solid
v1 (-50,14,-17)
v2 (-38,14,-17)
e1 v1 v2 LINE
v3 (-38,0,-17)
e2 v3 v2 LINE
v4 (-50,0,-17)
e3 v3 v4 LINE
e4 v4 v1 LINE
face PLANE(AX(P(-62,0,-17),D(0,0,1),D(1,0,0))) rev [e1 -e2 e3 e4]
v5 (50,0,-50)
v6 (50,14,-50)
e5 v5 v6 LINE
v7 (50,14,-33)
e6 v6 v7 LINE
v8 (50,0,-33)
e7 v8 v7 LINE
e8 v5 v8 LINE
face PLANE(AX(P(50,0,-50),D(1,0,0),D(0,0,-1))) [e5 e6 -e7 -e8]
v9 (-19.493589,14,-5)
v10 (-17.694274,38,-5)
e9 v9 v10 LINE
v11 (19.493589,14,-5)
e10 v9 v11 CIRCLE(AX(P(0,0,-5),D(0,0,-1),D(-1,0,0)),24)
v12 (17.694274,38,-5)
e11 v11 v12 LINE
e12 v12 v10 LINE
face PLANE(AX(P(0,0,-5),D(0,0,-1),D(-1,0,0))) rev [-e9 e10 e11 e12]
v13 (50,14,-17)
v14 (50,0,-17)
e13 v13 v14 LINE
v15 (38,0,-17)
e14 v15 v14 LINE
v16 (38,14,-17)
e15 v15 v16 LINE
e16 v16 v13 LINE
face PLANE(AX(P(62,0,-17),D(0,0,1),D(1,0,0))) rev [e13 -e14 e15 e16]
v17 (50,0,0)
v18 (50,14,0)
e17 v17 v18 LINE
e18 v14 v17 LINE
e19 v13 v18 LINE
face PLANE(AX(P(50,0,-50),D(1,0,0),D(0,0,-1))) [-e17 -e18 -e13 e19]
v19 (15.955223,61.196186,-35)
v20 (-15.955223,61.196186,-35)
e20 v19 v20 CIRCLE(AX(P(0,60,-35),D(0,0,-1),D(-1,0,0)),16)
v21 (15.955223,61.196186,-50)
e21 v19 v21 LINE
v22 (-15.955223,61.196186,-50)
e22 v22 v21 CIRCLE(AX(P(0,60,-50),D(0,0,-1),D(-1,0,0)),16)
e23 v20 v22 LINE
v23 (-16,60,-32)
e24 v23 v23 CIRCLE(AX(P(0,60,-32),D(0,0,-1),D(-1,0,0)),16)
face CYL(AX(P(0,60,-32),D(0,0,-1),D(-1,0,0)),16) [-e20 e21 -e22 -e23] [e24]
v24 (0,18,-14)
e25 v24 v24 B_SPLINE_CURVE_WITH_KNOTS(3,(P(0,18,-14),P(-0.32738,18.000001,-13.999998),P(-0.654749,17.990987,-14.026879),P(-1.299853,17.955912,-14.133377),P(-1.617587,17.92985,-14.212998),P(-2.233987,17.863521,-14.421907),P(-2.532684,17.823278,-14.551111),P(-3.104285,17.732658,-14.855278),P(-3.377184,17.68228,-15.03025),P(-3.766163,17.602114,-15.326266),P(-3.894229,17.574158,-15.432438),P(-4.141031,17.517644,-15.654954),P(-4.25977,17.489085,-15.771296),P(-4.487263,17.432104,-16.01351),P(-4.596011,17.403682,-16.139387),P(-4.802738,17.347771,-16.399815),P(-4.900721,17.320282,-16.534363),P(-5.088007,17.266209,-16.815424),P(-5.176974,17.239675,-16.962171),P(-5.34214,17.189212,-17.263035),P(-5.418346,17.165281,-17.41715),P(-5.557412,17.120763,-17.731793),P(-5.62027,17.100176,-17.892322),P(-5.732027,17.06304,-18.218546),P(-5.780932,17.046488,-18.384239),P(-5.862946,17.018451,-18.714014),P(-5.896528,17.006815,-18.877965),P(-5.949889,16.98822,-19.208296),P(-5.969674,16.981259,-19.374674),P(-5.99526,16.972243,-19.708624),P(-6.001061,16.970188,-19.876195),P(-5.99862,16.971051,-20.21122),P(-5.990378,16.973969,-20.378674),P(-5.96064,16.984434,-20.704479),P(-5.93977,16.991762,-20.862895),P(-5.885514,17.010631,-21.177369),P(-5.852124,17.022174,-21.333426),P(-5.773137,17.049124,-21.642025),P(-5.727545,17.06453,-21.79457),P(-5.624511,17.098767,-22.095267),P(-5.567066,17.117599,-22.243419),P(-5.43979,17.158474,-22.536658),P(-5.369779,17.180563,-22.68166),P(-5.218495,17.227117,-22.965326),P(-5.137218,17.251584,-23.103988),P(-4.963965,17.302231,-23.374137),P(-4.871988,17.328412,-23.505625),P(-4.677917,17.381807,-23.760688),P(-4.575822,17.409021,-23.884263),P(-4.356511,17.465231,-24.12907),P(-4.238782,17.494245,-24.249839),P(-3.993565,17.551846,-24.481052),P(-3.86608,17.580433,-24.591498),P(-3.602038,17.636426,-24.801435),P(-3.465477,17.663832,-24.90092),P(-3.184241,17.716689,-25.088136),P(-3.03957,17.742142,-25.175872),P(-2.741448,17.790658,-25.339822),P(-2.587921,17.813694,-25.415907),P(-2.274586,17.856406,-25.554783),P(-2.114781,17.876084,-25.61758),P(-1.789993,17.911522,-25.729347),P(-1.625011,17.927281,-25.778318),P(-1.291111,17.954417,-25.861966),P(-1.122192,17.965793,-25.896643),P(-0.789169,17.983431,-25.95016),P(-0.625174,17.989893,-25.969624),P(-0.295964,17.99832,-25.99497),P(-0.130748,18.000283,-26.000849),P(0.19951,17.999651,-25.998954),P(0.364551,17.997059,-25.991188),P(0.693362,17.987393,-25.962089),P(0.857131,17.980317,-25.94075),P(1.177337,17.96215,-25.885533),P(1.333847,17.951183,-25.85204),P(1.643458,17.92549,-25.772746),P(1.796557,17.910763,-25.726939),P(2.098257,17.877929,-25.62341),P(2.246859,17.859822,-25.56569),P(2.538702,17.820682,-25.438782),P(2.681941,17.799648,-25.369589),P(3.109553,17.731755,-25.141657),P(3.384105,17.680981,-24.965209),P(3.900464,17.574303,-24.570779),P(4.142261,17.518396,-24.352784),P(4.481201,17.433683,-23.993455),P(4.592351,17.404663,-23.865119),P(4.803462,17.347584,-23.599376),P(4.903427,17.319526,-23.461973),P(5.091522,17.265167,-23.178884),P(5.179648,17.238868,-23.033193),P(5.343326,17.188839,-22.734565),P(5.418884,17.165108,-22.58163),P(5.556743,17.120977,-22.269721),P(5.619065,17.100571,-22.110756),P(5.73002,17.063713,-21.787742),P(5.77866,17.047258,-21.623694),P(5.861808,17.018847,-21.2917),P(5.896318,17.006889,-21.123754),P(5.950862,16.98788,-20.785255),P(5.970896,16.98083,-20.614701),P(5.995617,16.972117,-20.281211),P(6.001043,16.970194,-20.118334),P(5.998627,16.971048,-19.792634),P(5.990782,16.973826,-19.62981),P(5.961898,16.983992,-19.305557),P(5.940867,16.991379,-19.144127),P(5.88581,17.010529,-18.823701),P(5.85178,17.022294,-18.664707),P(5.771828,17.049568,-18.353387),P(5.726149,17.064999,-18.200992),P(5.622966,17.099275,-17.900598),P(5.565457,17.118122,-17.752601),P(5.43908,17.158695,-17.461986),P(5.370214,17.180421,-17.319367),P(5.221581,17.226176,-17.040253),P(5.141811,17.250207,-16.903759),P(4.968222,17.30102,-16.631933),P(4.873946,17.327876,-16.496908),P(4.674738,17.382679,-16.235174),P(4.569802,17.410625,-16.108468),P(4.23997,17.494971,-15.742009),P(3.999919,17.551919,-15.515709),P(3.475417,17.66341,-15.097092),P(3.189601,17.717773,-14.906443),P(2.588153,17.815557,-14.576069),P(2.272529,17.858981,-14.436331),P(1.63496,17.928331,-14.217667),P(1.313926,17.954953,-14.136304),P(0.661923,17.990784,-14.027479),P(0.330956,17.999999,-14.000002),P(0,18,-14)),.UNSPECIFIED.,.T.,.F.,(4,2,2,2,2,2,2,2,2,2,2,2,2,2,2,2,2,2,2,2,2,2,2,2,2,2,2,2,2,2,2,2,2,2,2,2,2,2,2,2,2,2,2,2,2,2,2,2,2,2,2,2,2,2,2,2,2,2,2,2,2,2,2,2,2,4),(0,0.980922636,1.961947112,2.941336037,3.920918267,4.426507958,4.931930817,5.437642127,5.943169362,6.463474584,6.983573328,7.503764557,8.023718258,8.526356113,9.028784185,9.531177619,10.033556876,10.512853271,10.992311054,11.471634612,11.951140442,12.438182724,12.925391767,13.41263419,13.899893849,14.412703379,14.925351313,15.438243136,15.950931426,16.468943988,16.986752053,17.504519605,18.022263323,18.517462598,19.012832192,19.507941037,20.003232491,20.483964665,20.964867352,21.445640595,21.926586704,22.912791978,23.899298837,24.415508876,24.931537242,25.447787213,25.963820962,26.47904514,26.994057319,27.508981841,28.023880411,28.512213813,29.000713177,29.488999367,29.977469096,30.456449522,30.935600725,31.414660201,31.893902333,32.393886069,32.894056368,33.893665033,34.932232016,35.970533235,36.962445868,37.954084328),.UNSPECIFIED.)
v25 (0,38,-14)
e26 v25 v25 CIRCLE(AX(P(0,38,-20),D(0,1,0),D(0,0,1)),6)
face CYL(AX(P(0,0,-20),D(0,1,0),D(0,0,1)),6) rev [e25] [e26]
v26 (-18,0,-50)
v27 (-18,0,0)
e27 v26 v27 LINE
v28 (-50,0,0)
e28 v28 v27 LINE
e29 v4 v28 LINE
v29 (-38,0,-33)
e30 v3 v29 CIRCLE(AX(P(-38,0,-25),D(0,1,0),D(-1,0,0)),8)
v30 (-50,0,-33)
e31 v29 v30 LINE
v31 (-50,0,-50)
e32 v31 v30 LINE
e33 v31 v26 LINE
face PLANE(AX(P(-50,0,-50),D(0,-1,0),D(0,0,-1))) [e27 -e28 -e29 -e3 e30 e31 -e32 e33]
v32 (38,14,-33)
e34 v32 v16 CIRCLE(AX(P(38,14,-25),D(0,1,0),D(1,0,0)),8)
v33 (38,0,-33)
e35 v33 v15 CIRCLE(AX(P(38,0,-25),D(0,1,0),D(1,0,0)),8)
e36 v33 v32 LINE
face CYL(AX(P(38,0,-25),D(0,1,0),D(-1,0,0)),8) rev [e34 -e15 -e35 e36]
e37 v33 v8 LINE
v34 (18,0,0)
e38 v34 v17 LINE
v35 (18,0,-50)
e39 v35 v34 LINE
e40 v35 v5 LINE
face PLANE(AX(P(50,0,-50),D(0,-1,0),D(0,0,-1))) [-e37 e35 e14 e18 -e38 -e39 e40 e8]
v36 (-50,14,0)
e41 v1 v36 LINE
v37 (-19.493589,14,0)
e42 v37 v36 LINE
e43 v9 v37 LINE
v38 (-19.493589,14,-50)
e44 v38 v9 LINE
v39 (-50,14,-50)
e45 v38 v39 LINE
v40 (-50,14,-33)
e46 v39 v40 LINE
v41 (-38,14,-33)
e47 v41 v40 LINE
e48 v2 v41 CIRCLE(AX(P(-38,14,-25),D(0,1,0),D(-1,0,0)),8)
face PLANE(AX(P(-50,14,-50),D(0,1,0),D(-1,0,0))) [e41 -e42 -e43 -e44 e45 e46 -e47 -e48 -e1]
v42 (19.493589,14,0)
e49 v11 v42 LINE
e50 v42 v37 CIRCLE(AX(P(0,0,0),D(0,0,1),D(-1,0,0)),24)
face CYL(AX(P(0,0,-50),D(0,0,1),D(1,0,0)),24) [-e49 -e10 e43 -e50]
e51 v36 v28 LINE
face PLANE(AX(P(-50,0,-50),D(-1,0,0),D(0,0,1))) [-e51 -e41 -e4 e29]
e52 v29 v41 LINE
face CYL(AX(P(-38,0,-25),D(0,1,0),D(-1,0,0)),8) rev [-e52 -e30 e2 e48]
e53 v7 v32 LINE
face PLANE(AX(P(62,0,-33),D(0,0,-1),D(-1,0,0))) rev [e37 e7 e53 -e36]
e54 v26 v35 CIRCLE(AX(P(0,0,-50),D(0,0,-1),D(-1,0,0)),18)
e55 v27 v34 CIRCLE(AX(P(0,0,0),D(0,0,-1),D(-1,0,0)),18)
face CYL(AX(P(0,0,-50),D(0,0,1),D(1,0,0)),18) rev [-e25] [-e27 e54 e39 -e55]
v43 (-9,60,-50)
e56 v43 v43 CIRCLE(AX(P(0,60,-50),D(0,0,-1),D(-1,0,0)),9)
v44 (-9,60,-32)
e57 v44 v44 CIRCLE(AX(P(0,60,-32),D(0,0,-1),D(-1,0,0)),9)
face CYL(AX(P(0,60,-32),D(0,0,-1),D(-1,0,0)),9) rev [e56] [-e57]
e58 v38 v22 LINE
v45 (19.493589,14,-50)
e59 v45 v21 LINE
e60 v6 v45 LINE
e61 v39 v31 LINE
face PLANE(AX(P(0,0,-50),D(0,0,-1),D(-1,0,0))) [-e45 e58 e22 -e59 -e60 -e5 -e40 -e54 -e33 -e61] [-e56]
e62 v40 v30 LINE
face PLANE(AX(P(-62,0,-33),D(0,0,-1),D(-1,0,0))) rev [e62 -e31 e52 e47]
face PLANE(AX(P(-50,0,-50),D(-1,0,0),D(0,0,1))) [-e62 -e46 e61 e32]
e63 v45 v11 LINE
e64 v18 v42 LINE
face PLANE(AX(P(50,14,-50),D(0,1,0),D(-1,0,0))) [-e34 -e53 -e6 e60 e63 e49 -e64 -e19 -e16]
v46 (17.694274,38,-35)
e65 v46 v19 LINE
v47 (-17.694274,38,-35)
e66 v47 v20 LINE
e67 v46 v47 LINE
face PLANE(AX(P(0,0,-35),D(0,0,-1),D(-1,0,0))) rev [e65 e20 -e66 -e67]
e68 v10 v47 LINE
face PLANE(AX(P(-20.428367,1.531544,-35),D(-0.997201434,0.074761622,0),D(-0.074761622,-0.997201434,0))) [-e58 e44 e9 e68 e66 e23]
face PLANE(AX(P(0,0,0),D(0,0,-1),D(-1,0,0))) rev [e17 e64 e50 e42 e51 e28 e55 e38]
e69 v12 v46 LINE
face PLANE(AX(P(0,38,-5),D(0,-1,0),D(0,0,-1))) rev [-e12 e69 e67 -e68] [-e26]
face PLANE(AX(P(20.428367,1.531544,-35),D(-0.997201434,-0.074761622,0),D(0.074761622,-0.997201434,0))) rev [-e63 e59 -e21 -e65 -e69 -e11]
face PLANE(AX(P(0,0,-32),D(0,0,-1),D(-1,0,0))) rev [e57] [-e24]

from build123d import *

# Parameters (mm, degrees)
EXTRUDE_1_DEPTH     = 50
CUT_EXTRUDE_1_DEPTH = 73.083285164
EXTRUDE_START       = -15
EXTRUDE_2_DEPTH     = 15
SKETCH_4_3_R        = 9
EXTRUDE_3_DEPTH     = 18
EXTRUDE_4_DEPTH     = 15
EXTRUDE_START_2     = -45
EXTRUDE_5_DEPTH     = 45
SKETCH_5_R          = 6
CUT_EXTRUDE_2_DEPTH = 81.274528962


with BuildPart() as part:
    # 草图1 → 凸台-拉伸1 (new body)
    with BuildSketch(Plane.XY):
        with BuildLine():
            Line((-50, 0), (-18, 0))
            ThreePointArc((-18, 0), (0, 18), (18, 0))
            Line((18, 0), (50, 0))
            Line((50, 0), (50, 14))
            Line((50, 14), (19.49358869, 14))
            ThreePointArc((19.49358869, 14), (0, 24), (-19.49358869, 14))
            Line((-19.49358869, 14), (-50, 14))
            Line((-50, 14), (-50, 0))
        make_face()
    extrude(amount=-EXTRUDE_1_DEPTH)

    # 草图2 → 切除-拉伸1 (cut, through all)
    with BuildSketch(Plane(origin=(0, 14, 0), x_dir=(1, 0, 0), z_dir=(0, 1, 0))):
        with BuildLine():
            Line((-62, 33), (-38, 33))
            ThreePointArc((-38, 33), (-30, 25), (-38, 17))
            Line((-38, 17), (-62, 17))
            ThreePointArc((-62, 17), (-70, 25), (-62, 33))
        make_face()
        with BuildLine():
            Line((62, 33), (38, 33))
            ThreePointArc((38, 33), (30, 25), (38, 17))
            Line((38, 17), (62, 17))
            ThreePointArc((62, 17), (70, 25), (62, 33))
        make_face()
    extrude(amount=-CUT_EXTRUDE_1_DEPTH, mode=Mode.SUBTRACT)

    # 草图4 → 凸台-拉伸2 (add)
    with BuildSketch(Plane(origin=(0, 0, -50), x_dir=(-1, 0, 0), z_dir=(0, 0, -1)).offset(EXTRUDE_START)):
        with BuildLine():
            Line((-17.69427427, 38), (-19.49358869, 14))
            ThreePointArc((-19.49358869, 14), (0, 24), (19.49358869, 14))
            Line((19.49358869, 14), (17.69427427, 38))
            Line((17.69427427, 38), (-17.69427427, 38))
        make_face()
    extrude(amount=EXTRUDE_2_DEPTH)



with BuildPart() as body_2:
    # 草图4<3> → 凸台-拉伸3 (new body)
    with BuildSketch(Plane(origin=(0, 0, -50), x_dir=(-1, 0, 0), z_dir=(0, 0, -1))):
        with BuildLine():
            ThreePointArc((15.955222944, 61.196185946), (0, 76), (-15.955222944, 61.196185946))
            ThreePointArc((-15.955222944, 61.196185946), (-0.598511863, 44.011198183), (16, 60))
            ThreePointArc((16, 60), (15.988801817, 60.598511863), (15.955222944, 61.196185946))
        make_face()
        with Locations((0, 60)):
            Circle(SKETCH_4_3_R, mode=Mode.SUBTRACT)
    extrude(amount=-EXTRUDE_3_DEPTH)


with BuildPart() as part_1:
    add(part.part)

    add(body_2.part)  # 凸台-拉伸4 merges body 2
    # 草图4<4> → 凸台-拉伸4 (add)
    with BuildSketch(Plane(origin=(0, 0, -50), x_dir=(-1, 0, 0), z_dir=(0, 0, -1))):
        with BuildLine():
            Line((-17.69427427, 38), (17.69427427, 38))
            Line((17.69427427, 38), (15.955222944, 61.196185946))
            ThreePointArc((15.955222944, 61.196185946), (0, 44), (-15.955222944, 61.196185946))
            Line((-15.955222944, 61.196185946), (-17.69427427, 38))
        make_face()
    extrude(amount=-EXTRUDE_4_DEPTH)

    # 草图4<5> → 凸台-拉伸5 (add)
    with BuildSketch(Plane(origin=(0, 0, -50), x_dir=(-1, 0, 0), z_dir=(0, 0, -1)).offset(EXTRUDE_START_2)):
        with BuildLine():
            ThreePointArc((-19.49358869, 14), (0, 24), (19.49358869, 14))
            Line((19.49358869, 14), (17.69427427, 38))
            Line((17.69427427, 38), (-17.69427427, 38))
            Line((-17.69427427, 38), (-19.49358869, 14))
        make_face()
    extrude(amount=EXTRUDE_5_DEPTH)

    # 草图5 → 切除-拉伸2 (cut, through all)
    with BuildSketch(Plane(origin=(0, 38, 0), x_dir=(1, 0, 0), z_dir=(0, 1, 0))):
        with Locations((0, 20)):
            Circle(SKETCH_5_R)
    extrude(amount=-CUT_EXTRUDE_2_DEPTH, mode=Mode.SUBTRACT)


solid = part_1.part
